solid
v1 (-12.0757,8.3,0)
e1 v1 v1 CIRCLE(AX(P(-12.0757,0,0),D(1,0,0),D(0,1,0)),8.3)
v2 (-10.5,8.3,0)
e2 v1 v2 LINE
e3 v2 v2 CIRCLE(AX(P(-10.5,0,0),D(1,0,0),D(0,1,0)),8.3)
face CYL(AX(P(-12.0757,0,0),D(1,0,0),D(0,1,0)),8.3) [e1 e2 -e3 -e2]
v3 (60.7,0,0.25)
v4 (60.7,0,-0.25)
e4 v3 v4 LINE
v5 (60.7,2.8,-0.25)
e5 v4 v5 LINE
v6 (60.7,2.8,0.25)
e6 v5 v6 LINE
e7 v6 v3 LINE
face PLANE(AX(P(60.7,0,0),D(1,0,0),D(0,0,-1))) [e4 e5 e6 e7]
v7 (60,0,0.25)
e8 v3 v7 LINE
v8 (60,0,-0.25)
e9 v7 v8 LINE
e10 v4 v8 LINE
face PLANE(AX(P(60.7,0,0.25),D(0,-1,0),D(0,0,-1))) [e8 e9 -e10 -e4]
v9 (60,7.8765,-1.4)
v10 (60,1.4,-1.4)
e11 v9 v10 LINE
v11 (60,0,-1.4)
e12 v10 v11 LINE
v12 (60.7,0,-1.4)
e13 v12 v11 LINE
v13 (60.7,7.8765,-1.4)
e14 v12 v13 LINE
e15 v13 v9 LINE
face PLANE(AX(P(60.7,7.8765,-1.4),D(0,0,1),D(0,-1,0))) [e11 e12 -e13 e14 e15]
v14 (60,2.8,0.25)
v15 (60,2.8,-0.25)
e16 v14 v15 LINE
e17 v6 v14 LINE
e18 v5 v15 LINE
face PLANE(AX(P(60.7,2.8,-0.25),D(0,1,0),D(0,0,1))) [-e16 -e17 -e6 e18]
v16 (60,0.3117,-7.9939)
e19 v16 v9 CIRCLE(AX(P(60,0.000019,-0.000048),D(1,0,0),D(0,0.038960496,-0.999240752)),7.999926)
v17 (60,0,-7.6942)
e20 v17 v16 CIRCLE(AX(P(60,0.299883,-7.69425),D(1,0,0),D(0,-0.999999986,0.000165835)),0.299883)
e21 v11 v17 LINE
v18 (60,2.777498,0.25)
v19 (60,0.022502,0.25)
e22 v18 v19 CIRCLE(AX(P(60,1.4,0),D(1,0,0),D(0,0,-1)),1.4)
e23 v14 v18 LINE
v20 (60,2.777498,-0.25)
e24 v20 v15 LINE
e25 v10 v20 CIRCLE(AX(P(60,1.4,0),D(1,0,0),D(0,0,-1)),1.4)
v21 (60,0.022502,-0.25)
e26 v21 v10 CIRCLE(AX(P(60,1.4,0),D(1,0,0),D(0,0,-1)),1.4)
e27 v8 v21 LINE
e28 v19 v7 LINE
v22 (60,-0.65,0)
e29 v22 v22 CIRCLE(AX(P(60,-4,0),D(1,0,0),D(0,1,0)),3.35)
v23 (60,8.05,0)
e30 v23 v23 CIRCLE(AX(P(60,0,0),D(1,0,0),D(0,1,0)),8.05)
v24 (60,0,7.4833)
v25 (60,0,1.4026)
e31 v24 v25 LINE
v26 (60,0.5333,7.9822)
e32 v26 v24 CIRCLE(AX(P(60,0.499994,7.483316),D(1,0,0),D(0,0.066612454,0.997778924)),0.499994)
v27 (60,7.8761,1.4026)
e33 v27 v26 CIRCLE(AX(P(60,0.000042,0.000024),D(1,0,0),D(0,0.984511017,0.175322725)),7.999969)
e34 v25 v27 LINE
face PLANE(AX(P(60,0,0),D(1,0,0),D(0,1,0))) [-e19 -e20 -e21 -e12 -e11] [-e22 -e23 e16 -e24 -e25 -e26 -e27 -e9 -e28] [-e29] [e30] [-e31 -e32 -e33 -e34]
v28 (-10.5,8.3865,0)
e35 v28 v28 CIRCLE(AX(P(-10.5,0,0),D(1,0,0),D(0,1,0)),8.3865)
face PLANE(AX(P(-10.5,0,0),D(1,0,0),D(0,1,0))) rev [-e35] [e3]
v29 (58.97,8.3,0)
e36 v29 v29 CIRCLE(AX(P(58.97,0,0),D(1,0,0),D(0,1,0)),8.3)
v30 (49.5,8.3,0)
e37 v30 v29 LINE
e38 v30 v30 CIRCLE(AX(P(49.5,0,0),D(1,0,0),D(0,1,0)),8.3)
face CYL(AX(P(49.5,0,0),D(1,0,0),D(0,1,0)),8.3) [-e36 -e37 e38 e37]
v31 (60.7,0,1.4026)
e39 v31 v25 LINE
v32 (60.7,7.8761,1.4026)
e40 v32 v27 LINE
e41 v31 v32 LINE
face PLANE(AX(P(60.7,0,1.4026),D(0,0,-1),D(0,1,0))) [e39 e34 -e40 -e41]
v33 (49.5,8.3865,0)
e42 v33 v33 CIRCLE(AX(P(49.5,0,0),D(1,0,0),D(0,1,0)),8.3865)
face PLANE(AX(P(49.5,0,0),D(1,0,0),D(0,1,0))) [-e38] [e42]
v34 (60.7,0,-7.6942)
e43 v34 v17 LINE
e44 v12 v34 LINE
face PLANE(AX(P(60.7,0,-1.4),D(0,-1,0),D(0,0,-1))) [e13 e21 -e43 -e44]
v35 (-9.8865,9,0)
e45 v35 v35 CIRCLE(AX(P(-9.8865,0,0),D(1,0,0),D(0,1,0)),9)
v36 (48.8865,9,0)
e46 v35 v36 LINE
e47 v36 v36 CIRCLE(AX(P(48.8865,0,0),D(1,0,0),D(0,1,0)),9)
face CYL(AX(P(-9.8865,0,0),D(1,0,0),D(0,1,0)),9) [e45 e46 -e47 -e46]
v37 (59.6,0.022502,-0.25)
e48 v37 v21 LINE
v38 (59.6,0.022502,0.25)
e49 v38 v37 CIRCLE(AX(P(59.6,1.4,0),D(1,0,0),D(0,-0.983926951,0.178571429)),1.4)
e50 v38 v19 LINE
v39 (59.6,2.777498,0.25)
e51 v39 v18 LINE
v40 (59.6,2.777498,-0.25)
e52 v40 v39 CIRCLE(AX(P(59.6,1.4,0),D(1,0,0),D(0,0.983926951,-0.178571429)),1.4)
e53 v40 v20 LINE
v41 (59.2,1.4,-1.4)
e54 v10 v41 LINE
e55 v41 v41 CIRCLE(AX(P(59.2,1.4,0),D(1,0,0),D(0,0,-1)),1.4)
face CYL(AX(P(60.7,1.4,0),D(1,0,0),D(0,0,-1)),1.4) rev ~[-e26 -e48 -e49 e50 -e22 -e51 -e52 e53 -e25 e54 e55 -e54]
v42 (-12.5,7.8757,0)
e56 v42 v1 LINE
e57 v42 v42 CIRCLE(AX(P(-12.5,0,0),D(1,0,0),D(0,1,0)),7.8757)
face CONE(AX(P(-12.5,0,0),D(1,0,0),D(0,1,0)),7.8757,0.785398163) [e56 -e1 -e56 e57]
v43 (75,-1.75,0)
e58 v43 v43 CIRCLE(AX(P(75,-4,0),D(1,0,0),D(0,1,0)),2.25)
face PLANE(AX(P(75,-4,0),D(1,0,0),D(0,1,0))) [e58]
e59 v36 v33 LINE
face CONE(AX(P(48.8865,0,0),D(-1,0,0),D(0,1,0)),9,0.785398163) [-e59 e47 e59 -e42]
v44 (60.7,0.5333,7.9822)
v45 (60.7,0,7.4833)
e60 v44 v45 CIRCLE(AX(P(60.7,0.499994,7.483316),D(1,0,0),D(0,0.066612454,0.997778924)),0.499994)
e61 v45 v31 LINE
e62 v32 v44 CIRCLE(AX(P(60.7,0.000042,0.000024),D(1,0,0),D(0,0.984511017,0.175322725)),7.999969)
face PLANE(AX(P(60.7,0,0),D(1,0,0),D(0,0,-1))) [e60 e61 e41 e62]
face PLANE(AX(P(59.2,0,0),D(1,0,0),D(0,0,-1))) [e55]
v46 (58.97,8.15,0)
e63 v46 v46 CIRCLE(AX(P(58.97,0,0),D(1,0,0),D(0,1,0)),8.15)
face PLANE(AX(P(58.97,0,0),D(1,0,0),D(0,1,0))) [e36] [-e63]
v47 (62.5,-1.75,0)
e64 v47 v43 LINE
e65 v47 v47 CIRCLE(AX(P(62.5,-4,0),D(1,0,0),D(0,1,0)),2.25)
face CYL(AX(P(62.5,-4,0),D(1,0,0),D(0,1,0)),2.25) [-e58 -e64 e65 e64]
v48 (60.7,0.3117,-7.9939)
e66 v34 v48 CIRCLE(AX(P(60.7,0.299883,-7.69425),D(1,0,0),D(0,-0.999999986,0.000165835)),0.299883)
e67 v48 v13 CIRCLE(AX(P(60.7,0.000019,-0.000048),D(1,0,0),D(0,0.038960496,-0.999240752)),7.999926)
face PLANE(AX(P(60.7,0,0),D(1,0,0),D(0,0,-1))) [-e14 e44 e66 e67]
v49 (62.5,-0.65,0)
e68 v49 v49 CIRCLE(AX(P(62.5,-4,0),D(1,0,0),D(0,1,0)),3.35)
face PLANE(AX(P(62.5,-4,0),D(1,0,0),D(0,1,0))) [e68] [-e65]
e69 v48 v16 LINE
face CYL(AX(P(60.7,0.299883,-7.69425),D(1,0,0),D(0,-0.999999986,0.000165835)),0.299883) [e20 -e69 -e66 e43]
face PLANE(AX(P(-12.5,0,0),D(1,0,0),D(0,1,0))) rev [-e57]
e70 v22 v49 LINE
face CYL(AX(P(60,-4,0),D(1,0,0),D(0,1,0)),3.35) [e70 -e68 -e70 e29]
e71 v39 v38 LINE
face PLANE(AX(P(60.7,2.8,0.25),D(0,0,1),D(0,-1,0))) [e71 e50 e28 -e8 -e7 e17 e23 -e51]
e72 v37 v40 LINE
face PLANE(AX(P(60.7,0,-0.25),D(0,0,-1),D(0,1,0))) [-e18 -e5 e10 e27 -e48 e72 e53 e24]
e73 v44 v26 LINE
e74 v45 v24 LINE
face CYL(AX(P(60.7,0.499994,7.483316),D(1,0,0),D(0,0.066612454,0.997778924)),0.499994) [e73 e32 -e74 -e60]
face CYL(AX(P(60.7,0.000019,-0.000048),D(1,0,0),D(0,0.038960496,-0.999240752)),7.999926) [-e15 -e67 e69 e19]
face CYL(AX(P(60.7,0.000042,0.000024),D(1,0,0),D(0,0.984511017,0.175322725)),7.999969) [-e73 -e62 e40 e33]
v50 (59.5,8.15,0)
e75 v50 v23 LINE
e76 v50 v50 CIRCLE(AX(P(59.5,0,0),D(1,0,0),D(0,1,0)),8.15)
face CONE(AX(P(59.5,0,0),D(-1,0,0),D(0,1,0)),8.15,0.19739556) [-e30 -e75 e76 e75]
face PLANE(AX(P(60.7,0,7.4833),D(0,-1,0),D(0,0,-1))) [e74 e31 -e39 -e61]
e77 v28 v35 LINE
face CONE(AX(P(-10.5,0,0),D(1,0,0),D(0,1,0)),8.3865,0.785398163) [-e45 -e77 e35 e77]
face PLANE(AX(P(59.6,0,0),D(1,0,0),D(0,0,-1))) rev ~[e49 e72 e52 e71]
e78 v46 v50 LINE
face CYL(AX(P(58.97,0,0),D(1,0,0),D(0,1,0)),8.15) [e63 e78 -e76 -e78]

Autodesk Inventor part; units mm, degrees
sketch "Sketch_1" plane through (0, 0, 0) normal (0, 0, 1) x (1, 0, 0)
  line L0 (60, 0) -> (-12.5, 0)
  line L1 (-12.5, 0) -> (-12.5, 7.8757)
  line L2 (-12.5, 7.8757) -> (-12.0757, 8.3)
  line L3 (-12.0757, 8.3) -> (-10.5, 8.3)
  line L4 (-10.5, 8.3) -> (-10.5, 8.3865)
  line L5 (-10.5, 8.3865) -> (-9.8865, 9)
  line L6 (-9.8865, 9) -> (48.8865, 9)
  line L7 (48.8865, 9) -> (49.5, 8.3865)
  line L8 (49.5, 8.3865) -> (49.5, 8.3)
  line L9 (49.5, 8.3) -> (58.97, 8.3)
  line L10 (58.97, 8.3) -> (58.97, 8.15)
  line L11 (58.97, 8.15) -> (59.5, 8.15)
  line L12 (59.5, 8.15) -> (60, 8.05)
  line L13 (60, 8.05) -> (60, 0)
  line L14 (60, 0) -> (-12.5, 0)
revolve "Revolution1" add sketch "Sketch_1" angle 360 about axis through (60, 0, 0) along (1, 0, 0)
thread "Thread1" size "M18x1" class "6g" standard "ISO Metric profile" full length
sketch "Sketch_2" plane through (0, 0, 0) normal (0, 0, 1) x (1, 0, 0)
  line L0 (75, -4) -> (60, -4)
  line L1 (60, -4) -> (60, -0.65)
  line L2 (60, -0.65) -> (62.5, -0.65)
  line L3 (62.5, -0.65) -> (62.5, -1.75)
  line L4 (62.5, -1.75) -> (75, -1.75)
  line L5 (75, -1.75) -> (75, -4)
  line L6 (75, -4) -> (60, -4)
revolve "Revolution2" add sketch "Sketch_2" angle 360 about axis through (75, -4, 0) along (1, 0, 0)
sketch "Sketch_5" plane through (60.7, 0, 0) normal (1, 0, 0) x (0, 0, -1)
  line L0 (1.4, 7.8765) -> (1.4, 0)
  line L1 (1.4, 0) -> (7.6942, 0)
  arc A0 (7.6942, 0) -> (7.9939, 0.3117) centre (7.6942, 0.3) ccw
  arc A1 (7.9939, 0.3117) -> (1.4, 7.8765) centre (0, 0) ccw
extrude "Extrusion1" add sketch "Sketch_5" against normal blind 0.7
sketch "Sketch_9" plane through (60.7, 0, 0) normal (1, 0, 0) x (0, 0, -1)
  arc A0 (-7.9822, 0.5333) -> (-7.4833, 0) centre (-7.4833, 0.5) ccw
  line L0 (-7.4833, 0) -> (-1.4026, 0)
  line L1 (-1.4026, 0) -> (-1.4026, 7.8761)
  arc A1 (-1.4026, 7.8761) -> (-7.9822, 0.5333) centre (0, 0) ccw
extrude "Extrusion2" add sketch "Sketch_9" against normal blind 0.7
sketch "Sketch_10" plane through (60.7, 0, 0) normal (1, 0, 0) x (0, 0, -1)
  circle A0 centre (0, 1.4) radius 1.4
extrude "Extrusion3" cut sketch "Sketch_10" against normal blind 1.5
sketch "Sketch_6" plane through (60.7, 0, 0) normal (1, 0, 0) x (0, 0, -1)
  line L0 (-0.25, 0) -> (0.25, 0)
  line L1 (0.25, 0) -> (0.25, 2.8)
  line L2 (0.25, 2.8) -> (-0.25, 2.8)
  line L3 (-0.25, 2.8) -> (-0.25, 0)
extrude "Extrusion4" add sketch "Sketch_6" against normal blind 1.1
ref_plane "ip1_XY" through (0, 0, 0) normal (1, 0, 0) x (0, 0, -1)
ref_plane "ip1_YZ" through (0, 0, 0) normal (0, 0, -1) x (0, 1, 0)
ref_plane "ip1_ZX" through (0, 0, 0) normal (0, 1, 0) x (1, 0, 0)
properties part number "BALLUFF BCS M18BBN1-PSC80D-EP021"
